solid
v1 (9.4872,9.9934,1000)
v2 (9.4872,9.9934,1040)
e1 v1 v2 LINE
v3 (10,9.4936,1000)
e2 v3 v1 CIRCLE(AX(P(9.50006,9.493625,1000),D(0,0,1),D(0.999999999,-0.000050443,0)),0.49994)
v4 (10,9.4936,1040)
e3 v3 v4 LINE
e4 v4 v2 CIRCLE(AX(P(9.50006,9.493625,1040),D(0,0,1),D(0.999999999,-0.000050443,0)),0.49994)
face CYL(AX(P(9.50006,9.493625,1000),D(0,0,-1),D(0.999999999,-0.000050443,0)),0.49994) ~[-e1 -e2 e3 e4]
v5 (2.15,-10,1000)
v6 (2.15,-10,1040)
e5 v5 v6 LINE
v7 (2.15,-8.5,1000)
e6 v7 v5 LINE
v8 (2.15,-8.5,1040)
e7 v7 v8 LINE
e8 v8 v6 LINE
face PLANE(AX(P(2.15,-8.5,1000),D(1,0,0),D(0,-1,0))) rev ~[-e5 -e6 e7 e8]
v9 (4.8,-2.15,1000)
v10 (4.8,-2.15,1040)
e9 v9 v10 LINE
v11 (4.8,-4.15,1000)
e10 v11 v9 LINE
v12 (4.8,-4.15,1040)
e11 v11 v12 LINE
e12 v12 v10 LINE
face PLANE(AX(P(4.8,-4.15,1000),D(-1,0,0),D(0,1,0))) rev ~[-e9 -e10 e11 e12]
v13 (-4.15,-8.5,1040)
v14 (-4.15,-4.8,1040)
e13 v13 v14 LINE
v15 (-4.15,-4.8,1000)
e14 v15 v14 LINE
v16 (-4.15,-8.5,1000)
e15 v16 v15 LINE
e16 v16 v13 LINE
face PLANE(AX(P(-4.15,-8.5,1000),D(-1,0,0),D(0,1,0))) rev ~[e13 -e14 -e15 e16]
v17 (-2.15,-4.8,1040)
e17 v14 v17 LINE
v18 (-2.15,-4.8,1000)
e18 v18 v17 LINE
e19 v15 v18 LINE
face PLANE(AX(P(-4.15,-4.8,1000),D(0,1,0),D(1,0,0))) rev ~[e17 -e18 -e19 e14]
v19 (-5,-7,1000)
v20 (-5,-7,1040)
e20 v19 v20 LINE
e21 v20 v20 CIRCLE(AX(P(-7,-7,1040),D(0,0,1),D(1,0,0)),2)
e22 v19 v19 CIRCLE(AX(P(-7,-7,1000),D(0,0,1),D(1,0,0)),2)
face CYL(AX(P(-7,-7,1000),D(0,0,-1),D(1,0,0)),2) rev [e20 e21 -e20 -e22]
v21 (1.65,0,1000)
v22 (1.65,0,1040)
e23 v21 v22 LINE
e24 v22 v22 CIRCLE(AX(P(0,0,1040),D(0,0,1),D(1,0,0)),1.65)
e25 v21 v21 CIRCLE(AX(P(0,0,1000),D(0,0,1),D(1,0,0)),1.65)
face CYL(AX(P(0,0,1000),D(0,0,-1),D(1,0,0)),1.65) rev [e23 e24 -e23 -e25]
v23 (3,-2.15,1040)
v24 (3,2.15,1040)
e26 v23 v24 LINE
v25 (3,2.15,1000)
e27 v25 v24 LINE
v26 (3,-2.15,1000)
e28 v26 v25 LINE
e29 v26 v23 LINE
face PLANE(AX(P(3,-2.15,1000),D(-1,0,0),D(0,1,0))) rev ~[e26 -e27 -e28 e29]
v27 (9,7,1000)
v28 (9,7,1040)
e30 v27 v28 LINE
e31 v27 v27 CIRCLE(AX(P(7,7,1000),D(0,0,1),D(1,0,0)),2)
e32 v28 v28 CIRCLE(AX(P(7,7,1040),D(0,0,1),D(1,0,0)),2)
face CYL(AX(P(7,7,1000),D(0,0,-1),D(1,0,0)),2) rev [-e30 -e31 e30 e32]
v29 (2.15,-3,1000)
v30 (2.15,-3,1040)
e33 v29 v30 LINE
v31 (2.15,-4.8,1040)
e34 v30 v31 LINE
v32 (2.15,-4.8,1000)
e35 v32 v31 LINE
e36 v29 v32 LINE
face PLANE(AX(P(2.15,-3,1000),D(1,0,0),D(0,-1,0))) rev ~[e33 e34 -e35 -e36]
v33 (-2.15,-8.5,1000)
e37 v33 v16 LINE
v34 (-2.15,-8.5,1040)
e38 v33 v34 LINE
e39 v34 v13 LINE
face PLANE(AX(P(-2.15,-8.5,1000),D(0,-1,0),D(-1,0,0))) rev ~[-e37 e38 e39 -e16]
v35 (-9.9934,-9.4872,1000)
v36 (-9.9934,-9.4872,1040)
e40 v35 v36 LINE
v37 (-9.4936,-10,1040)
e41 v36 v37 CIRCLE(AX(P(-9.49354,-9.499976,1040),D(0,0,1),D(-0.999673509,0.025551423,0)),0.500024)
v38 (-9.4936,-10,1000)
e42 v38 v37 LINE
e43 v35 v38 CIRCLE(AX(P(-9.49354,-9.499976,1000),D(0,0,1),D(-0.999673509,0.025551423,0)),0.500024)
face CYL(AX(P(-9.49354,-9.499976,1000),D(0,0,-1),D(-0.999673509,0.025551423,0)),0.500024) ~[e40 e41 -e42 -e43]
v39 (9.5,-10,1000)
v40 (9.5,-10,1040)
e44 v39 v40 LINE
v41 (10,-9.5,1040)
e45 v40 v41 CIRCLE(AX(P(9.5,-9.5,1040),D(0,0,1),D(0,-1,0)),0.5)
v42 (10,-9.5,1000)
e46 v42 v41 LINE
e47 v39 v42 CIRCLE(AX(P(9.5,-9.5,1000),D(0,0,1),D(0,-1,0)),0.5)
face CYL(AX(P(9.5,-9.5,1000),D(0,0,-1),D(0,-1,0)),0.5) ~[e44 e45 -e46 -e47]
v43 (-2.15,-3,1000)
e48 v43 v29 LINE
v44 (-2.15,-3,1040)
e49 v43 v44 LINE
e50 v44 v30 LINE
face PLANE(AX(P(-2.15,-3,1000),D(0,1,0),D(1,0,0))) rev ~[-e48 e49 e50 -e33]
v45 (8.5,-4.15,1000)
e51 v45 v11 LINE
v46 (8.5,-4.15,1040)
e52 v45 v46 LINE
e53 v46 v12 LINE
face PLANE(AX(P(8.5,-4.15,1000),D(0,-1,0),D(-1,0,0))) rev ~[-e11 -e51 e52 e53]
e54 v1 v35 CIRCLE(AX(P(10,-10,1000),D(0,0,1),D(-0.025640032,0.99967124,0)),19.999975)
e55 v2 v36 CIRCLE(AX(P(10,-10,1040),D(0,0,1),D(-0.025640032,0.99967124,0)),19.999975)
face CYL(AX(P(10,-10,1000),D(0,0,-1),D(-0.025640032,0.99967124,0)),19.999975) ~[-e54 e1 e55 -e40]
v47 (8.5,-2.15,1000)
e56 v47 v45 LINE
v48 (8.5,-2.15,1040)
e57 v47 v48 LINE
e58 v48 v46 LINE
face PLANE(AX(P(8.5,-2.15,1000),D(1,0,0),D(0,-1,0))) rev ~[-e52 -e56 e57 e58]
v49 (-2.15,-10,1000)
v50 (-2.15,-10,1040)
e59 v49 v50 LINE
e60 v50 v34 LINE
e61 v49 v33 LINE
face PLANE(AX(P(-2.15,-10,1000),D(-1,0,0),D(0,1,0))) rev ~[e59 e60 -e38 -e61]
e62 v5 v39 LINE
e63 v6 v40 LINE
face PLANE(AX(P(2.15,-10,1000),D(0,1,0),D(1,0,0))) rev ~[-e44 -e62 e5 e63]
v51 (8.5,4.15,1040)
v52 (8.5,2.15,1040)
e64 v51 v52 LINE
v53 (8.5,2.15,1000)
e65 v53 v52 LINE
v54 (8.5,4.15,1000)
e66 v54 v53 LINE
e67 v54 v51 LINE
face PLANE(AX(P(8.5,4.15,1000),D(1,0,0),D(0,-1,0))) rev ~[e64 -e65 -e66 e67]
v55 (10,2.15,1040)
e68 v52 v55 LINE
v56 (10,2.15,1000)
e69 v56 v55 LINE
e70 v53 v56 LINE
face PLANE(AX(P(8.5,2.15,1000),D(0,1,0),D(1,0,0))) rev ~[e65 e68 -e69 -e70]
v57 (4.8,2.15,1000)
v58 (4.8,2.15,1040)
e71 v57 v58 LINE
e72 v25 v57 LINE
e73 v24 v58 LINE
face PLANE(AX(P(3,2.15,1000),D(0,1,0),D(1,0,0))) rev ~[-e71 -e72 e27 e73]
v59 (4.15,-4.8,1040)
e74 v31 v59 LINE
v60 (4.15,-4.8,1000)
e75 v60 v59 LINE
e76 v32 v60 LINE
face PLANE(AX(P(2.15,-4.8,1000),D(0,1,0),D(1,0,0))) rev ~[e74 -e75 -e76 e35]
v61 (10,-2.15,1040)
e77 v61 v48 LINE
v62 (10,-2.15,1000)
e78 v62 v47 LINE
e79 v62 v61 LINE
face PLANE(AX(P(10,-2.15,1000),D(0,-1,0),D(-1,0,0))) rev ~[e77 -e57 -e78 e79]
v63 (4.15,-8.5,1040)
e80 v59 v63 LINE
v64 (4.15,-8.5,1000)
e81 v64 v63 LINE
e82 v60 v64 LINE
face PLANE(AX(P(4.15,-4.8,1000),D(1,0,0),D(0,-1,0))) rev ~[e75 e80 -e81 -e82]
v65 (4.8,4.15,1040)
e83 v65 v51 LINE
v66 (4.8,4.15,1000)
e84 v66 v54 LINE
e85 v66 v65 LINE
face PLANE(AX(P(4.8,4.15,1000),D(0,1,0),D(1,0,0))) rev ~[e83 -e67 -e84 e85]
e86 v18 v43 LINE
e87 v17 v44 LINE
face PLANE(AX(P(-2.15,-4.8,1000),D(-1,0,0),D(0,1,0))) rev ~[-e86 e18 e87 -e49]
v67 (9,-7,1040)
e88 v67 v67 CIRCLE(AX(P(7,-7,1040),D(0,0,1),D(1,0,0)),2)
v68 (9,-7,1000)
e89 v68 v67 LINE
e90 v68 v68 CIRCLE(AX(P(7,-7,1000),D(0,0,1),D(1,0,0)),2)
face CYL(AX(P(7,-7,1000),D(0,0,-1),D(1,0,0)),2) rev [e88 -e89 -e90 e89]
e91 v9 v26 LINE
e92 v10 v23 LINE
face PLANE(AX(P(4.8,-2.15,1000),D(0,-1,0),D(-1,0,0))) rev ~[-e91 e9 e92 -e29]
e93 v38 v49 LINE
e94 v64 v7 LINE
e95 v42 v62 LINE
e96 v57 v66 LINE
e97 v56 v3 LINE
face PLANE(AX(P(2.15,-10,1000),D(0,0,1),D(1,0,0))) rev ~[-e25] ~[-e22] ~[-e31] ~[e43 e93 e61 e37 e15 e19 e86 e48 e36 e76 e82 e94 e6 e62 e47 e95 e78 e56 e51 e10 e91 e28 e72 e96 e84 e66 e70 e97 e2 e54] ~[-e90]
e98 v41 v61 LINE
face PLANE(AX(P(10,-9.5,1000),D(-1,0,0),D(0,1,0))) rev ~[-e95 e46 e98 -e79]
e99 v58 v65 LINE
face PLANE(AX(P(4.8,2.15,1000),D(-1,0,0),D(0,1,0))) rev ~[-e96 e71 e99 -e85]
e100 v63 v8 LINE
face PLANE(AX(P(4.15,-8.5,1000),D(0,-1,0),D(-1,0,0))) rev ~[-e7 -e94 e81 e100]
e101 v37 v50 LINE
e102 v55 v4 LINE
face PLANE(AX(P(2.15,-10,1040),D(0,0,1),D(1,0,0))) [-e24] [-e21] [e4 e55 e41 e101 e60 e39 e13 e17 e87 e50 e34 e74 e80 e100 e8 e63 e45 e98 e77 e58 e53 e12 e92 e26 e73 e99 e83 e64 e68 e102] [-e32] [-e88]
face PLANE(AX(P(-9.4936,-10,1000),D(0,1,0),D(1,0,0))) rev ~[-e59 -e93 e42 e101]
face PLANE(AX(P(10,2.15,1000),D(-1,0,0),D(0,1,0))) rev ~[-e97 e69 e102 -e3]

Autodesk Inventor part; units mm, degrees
ref_plane "YZ Plane" through (0, 0, 0) normal (1, 0, 0) x (0, 1, 0)
ref_plane "XZ Plane" through (0, 0, 0) normal (0, 1, 0) x (-1, 0, 0)
ref_plane "作業平面1" through (2.15, -10, 1000) normal (0, 0, 1) x (1, 0, 0)
sketch "スケッチ1" plane through (2.15, -10, 1000) normal (0, 0, 1) x (1, 0, 0)
  line L0 (6.35, 12.15) -> (7.85, 12.15) projected
  line L1 (7.85, 12.15) -> (7.85, 19.4936) projected
  arc A0 (7.85, 19.4936) -> (7.3372, 19.9934) centre (7.35, 19.4936) ccw projected
  arc A1 (7.3372, 19.9934) -> (-12.1434, 0.5128) centre (7.85, 0) ccw projected
  arc A2 (-12.1434, 0.5128) -> (-11.6436, 0) centre (-11.6436, 0.5) ccw projected
  line L2 (-11.6436, 0) -> (-4.3, 0) projected
  line L3 (-4.3, 0) -> (-4.3, 1.5) projected
  line L4 (-4.3, 1.5) -> (-6.3, 1.5) projected
  line L5 (-6.3, 1.5) -> (-6.3, 5.2) projected
  line L6 (-6.3, 5.2) -> (-4.3, 5.2) projected
  line L7 (-4.3, 5.2) -> (-4.3, 7) projected
  line L8 (-4.3, 7) -> (0, 7) projected
  line L9 (0, 7) -> (0, 5.2) projected
  line L10 (0, 5.2) -> (2, 5.2) projected
  line L11 (2, 5.2) -> (2, 1.5) projected
  line L12 (2, 1.5) -> (0, 1.5) projected
  line L13 (0, 1.5) -> (0, 0) projected
  line L14 (0, 0) -> (7.35, 0) projected
  arc A3 (7.35, 0) -> (7.85, 0.5) centre (7.35, 0.5) ccw projected
  line L15 (7.85, 0.5) -> (7.85, 7.85) projected
  line L16 (7.85, 7.85) -> (6.35, 7.85) projected
  line L17 (6.35, 7.85) -> (6.35, 5.85) projected
  line L18 (6.35, 5.85) -> (2.65, 5.85) projected
  line L19 (2.65, 5.85) -> (2.65, 7.85) projected
  line L20 (2.65, 7.85) -> (0.85, 7.85) projected
  line L21 (0.85, 7.85) -> (0.85, 12.15) projected
  line L22 (0.85, 12.15) -> (2.65, 12.15) projected
  line L23 (2.65, 12.15) -> (2.65, 14.15) projected
  line L24 (2.65, 14.15) -> (6.35, 14.15) projected
  line L25 (6.35, 14.15) -> (6.35, 12.15) projected
  circle A4 centre (4.85, 3) radius 2 projected
  circle A5 centre (-9.15, 3) radius 2 projected
  circle A6 centre (4.85, 17) radius 2 projected
  circle A7 centre (-2.15, 10) radius 1.65 projected
extrude "押し出し1" add sketch "スケッチ1" along normal blind 40
properties part number "AFSR-2020-4-1000"
